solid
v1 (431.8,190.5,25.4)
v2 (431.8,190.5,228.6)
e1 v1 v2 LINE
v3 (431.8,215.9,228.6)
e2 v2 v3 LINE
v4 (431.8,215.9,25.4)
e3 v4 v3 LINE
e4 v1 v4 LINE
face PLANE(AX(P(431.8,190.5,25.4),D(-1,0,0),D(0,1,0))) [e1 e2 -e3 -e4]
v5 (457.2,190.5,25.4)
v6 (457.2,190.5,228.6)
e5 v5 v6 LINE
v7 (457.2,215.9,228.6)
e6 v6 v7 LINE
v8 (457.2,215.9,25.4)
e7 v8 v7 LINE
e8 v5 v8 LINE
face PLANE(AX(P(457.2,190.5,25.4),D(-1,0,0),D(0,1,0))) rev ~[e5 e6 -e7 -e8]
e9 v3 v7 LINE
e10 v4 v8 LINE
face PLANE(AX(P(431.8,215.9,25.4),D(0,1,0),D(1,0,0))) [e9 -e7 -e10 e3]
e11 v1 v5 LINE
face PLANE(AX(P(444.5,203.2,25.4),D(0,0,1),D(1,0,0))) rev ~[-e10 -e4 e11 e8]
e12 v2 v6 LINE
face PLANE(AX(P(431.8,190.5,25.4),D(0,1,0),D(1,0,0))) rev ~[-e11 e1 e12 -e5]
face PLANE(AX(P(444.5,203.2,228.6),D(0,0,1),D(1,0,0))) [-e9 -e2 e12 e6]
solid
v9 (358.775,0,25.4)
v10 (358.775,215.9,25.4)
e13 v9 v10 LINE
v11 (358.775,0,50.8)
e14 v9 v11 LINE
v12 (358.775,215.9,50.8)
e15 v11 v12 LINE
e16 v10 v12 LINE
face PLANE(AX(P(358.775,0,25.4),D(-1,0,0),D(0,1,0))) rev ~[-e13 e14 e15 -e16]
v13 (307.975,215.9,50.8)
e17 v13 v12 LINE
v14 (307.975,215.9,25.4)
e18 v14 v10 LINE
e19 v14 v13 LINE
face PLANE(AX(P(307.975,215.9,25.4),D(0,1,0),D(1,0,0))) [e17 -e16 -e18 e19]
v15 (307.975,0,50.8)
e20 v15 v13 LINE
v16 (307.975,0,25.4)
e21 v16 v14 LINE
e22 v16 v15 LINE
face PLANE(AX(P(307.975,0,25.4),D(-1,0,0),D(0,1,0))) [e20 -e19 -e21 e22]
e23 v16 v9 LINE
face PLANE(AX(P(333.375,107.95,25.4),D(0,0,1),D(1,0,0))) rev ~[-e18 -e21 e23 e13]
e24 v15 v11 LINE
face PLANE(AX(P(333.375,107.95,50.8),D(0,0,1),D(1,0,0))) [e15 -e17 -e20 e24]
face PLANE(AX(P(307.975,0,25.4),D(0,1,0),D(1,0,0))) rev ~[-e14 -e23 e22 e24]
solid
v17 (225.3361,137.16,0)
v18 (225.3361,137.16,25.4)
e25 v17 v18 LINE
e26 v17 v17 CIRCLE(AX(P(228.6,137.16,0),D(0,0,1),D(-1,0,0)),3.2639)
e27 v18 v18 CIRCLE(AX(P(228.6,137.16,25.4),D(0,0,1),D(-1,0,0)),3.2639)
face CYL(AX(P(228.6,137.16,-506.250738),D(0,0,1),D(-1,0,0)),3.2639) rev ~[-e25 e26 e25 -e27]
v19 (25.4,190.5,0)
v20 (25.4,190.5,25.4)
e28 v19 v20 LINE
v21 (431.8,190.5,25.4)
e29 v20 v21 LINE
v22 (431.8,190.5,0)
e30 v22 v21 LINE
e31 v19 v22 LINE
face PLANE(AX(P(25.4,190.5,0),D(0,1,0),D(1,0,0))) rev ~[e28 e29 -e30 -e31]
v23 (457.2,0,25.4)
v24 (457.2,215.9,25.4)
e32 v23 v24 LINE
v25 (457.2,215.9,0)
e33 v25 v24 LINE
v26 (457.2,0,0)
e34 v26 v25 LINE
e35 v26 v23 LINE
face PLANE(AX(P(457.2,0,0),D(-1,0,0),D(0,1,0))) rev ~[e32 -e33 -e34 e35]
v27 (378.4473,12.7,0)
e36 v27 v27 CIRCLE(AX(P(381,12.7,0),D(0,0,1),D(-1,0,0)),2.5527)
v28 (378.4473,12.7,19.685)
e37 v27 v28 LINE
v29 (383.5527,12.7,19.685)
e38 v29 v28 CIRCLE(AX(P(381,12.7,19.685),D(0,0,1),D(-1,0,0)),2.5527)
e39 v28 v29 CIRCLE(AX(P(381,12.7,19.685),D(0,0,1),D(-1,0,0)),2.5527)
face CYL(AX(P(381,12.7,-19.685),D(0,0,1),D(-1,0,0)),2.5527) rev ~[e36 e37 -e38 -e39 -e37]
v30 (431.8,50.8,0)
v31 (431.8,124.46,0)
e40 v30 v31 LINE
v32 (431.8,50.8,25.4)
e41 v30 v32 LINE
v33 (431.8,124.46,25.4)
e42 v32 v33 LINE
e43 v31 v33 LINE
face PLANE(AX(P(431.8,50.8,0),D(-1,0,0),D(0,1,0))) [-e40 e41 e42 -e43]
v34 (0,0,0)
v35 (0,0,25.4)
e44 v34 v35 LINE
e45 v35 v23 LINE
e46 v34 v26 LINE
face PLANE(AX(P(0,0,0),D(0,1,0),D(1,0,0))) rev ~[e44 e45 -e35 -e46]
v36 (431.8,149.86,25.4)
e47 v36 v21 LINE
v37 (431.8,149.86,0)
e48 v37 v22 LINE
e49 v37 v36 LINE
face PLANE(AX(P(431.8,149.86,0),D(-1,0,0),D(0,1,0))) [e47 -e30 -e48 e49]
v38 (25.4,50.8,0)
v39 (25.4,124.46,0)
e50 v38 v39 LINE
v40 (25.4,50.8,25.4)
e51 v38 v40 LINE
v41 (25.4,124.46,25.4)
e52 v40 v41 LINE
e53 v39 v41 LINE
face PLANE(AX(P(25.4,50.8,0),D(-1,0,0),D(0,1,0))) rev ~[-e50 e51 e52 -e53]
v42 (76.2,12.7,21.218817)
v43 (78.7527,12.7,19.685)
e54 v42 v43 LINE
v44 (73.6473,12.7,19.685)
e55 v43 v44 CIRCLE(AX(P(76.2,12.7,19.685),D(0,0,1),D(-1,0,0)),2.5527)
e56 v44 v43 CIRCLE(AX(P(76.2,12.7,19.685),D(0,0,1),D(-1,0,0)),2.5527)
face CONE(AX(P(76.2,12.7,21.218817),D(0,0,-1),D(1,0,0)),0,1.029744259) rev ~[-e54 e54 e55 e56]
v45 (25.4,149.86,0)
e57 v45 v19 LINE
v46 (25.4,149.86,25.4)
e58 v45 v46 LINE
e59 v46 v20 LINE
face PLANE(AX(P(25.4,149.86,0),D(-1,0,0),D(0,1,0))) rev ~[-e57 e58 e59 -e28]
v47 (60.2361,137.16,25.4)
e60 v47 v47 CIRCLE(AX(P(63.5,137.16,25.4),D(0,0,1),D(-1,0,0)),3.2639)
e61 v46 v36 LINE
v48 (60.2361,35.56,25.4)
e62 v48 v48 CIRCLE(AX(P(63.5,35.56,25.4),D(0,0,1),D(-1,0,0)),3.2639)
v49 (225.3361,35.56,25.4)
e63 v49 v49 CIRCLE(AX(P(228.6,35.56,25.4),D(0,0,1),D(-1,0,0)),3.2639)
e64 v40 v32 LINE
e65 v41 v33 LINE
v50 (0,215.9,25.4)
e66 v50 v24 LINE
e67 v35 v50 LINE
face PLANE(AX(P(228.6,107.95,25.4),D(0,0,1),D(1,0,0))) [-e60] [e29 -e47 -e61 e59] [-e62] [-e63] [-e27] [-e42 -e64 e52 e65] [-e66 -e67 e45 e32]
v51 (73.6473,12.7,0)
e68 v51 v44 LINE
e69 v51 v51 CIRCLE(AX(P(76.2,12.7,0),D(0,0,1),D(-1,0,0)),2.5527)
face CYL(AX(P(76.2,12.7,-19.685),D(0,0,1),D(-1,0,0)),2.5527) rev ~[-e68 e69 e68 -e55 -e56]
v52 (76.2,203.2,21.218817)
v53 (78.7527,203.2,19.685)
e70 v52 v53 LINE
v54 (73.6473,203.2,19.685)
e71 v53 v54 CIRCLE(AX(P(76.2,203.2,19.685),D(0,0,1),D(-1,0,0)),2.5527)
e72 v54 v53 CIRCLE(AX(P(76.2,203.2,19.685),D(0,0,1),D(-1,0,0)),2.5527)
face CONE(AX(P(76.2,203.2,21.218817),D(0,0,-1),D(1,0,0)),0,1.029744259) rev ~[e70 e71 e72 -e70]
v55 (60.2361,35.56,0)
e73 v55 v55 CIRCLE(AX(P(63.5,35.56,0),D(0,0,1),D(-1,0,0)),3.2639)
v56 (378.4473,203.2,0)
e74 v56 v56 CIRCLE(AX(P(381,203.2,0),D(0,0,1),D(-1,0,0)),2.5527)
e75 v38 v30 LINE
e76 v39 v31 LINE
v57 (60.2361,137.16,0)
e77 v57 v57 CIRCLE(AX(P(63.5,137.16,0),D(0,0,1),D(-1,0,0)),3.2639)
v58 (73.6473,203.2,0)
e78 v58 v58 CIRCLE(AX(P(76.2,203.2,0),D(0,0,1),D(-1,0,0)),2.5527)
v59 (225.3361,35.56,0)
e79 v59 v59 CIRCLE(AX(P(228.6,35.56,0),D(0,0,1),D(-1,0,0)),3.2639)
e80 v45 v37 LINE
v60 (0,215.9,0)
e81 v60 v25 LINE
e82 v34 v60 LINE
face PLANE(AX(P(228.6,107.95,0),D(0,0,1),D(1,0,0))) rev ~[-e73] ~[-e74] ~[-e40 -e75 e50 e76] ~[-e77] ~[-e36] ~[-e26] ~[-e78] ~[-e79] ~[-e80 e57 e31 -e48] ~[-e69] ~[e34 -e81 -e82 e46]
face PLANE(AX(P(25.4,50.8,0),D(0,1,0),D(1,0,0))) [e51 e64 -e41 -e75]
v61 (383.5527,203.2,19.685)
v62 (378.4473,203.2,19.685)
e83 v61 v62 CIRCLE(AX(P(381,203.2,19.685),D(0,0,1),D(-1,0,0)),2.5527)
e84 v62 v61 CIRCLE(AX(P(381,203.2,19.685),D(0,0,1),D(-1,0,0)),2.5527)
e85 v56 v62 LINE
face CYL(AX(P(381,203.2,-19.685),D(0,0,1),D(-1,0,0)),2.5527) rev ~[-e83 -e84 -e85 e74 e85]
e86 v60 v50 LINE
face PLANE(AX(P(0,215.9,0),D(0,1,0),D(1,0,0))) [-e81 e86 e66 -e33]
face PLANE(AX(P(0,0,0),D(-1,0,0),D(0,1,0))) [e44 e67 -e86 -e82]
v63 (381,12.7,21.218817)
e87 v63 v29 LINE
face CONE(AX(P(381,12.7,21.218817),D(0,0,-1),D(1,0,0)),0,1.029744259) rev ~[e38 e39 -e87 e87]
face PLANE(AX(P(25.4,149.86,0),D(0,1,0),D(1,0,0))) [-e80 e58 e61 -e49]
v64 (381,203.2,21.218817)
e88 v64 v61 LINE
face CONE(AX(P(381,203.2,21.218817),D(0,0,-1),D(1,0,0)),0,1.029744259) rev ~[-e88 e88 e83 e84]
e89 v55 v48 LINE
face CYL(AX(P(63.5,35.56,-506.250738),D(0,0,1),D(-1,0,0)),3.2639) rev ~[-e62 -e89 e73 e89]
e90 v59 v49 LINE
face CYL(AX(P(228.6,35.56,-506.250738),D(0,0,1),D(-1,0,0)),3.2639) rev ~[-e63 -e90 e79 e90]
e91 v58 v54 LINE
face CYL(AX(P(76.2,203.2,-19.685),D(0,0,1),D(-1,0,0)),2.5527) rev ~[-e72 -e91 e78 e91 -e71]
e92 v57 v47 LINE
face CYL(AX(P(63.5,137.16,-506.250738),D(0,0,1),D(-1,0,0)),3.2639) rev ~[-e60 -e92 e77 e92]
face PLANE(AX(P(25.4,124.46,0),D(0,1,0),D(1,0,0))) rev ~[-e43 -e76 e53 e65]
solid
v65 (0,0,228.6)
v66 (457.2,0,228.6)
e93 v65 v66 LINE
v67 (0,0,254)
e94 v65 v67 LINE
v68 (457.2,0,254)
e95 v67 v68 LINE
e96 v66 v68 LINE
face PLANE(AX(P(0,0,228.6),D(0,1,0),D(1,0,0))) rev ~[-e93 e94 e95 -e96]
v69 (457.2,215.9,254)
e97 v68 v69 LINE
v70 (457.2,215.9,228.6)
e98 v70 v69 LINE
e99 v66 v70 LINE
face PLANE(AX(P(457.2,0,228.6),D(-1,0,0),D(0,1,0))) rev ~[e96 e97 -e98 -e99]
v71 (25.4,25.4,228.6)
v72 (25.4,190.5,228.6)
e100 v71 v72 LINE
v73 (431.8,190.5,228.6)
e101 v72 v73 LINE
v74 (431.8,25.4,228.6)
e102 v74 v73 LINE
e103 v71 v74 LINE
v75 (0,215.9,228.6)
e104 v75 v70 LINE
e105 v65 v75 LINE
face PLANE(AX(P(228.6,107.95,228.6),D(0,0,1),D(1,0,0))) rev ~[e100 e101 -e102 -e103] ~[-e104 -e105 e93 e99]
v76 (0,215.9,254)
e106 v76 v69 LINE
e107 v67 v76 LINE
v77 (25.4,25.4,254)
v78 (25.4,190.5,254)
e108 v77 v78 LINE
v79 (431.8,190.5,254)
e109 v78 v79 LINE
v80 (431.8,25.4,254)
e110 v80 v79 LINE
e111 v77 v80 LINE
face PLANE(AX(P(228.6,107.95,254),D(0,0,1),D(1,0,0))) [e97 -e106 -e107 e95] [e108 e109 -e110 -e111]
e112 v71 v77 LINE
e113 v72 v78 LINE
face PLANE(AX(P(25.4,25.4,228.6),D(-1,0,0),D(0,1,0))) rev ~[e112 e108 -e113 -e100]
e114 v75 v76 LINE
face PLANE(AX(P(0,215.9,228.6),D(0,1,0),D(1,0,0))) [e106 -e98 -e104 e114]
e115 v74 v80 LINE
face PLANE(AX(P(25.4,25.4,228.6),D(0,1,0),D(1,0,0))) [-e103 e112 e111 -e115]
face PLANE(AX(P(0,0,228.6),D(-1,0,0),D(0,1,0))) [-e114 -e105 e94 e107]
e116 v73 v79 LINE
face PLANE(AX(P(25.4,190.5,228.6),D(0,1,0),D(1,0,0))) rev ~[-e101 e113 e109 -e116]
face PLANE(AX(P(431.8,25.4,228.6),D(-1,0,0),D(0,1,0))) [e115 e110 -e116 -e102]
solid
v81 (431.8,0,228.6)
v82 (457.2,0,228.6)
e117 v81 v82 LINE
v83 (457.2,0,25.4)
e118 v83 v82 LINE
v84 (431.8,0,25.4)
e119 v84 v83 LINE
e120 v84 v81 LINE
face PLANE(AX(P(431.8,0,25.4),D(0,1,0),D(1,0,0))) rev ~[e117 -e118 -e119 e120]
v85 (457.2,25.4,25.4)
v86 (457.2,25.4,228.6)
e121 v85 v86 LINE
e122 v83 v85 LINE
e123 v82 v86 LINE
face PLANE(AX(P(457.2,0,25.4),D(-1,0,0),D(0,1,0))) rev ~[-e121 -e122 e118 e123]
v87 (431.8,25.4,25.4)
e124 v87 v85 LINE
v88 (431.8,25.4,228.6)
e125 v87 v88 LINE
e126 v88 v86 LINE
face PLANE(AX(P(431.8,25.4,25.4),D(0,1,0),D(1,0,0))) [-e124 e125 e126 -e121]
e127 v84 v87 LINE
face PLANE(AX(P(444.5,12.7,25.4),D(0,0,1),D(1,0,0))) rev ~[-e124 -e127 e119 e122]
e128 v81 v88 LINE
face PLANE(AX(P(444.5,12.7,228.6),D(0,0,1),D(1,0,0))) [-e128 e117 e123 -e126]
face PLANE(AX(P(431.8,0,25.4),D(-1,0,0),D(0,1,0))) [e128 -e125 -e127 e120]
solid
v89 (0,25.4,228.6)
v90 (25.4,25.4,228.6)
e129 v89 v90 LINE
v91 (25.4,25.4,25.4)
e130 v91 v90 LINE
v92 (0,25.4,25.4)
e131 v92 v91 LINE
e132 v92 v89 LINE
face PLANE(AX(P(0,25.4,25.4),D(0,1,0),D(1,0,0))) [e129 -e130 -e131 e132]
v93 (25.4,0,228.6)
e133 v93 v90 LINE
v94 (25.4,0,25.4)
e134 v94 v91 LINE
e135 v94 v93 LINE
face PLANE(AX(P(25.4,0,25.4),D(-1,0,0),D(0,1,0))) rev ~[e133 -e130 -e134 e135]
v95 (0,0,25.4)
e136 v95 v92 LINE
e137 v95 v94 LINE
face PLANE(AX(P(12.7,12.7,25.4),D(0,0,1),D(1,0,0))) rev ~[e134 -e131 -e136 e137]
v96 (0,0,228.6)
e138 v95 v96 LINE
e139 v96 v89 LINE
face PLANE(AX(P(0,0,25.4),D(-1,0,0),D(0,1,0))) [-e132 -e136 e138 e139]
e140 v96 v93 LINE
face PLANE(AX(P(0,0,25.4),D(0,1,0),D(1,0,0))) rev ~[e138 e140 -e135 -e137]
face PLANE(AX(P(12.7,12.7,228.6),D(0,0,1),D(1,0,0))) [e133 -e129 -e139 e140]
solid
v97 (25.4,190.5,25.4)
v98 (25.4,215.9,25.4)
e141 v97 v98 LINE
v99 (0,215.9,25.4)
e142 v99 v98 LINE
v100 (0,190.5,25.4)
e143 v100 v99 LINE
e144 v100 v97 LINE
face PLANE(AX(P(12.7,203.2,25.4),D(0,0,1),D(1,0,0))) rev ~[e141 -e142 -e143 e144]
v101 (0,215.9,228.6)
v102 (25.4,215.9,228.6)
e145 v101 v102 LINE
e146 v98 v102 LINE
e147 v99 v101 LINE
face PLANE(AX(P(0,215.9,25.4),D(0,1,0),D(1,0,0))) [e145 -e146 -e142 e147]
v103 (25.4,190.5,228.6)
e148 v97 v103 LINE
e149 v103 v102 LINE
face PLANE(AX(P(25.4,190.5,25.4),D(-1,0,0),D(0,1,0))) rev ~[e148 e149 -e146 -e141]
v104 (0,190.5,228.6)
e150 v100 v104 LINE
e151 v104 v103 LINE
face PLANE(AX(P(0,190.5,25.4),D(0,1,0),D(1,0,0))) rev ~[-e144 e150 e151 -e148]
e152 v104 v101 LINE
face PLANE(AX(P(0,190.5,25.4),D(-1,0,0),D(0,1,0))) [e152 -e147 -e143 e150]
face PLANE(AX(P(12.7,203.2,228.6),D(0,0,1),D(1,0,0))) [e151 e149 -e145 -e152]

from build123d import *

# Parameters (mm, degrees)
F1_W      = 457.2
F1_H      = 215.9
F1_W_2    = 406.4
F1_H_2    = 73.66
F1_H_3    = 40.64
F2_DEPTH  = 25.4
F3_D      = 6.5278
F4_D      = 6.5278
F5_W      = 50.8
F5_H      = 215.9
F6_DEPTH  = 25.4
F7_W      = 25.4
F7_H      = 25.4
F8_DEPTH  = 203.2
F9_W      = 457.2
F9_H      = 215.9
F9_W_2    = 406.4
F9_H_2    = 165.1
F10_DEPTH = 25.4
F12_D     = 5.1054
F12_DEPTH = 19.685
F12_TIP   = 1.5338169022


with BuildPart() as f2:
    # F1 (on Top) → F2 (new body)
    with BuildSketch(Plane.XY):
        with Locations((228.6, 107.95)):
            Rectangle(F1_W, F1_H)
        with Locations((228.6, 87.63)):
            Rectangle(F1_W_2, F1_H_2, mode=Mode.SUBTRACT)
        with Locations((228.6, 170.18)):
            Rectangle(F1_W_2, F1_H_3, mode=Mode.SUBTRACT)
    extrude(amount=F2_DEPTH)

    # F3 (through all)
    with Locations(Plane(origin=(0, 0, 0), x_dir=(1, 0, 0), z_dir=(0, 0, -1))):
        with Locations((63.5, -35.56), (228.6, -35.56)):
            Hole(F3_D / 2)

    # F4 (through all)
    with Locations(Plane(origin=(0, 0, 0), x_dir=(1, 0, 0), z_dir=(0, 0, -1))):
        with Locations((63.5, -137.16), (228.6, -137.16)):
            Hole(F4_D / 2)

    # F12
    with Locations(Plane(origin=(0, 0, 0), x_dir=(1, 0, 0), z_dir=(0, 0, -1))):
        with Locations((381, -203.2), (76.2, -203.2), (76.2, -12.7), (381, -12.7)):
            Hole(F12_D / 2, depth=F12_DEPTH)
            with Locations((0, 0, -(F12_DEPTH + F12_TIP / 2))):  # 118° drill point
                Cone(0, F12_D / 2, F12_TIP, mode=Mode.SUBTRACT)


with BuildPart() as f6:
    # F5 (on face) → F6 (new body)
    with BuildSketch(Plane.XY.offset(25.4)):
        with Locations((333.375, 107.95)):
            Rectangle(F5_W, F5_H)
    extrude(amount=F6_DEPTH)


with BuildPart() as f8:
    # F7 (on face) → F8 (new body)
    with BuildSketch(Plane.XY.offset(25.4)):
        with Locations((12.7, 203.2)):
            Rectangle(F7_W, F7_H)
    extrude(amount=F8_DEPTH)


with BuildPart() as f8b:
    # F7 (on face) → F8, piece 2 (new body)
    with BuildSketch(Plane.XY.offset(25.4)):
        with Locations((444.5, 203.2)):
            Rectangle(F7_W, F7_H)
    extrude(amount=F8_DEPTH)


with BuildPart() as f8c:
    # F7 (on face) → F8, piece 3 (new body)
    with BuildSketch(Plane.XY.offset(25.4)):
        with Locations((444.5, 12.7)):
            Rectangle(F7_W, F7_H)
    extrude(amount=F8_DEPTH)


with BuildPart() as f8d:
    # F7 (on face) → F8, piece 4 (new body)
    with BuildSketch(Plane.XY.offset(25.4)):
        with Locations((12.7, 12.7)):
            Rectangle(F7_W, F7_H)
    extrude(amount=F8_DEPTH)


with BuildPart() as f10:
    # F9 (on face) → F10 (new body)
    with BuildSketch(Plane.XY.offset(228.6)):
        with Locations((228.6, 107.95)):
            Rectangle(F9_W, F9_H)
        with Locations((228.6, 107.95)):
            Rectangle(F9_W_2, F9_H_2, mode=Mode.SUBTRACT)
    extrude(amount=F10_DEPTH)


solid = Compound([f2.part, f6.part, f8.part, f8b.part, f8c.part, f8d.part, f10.part])
